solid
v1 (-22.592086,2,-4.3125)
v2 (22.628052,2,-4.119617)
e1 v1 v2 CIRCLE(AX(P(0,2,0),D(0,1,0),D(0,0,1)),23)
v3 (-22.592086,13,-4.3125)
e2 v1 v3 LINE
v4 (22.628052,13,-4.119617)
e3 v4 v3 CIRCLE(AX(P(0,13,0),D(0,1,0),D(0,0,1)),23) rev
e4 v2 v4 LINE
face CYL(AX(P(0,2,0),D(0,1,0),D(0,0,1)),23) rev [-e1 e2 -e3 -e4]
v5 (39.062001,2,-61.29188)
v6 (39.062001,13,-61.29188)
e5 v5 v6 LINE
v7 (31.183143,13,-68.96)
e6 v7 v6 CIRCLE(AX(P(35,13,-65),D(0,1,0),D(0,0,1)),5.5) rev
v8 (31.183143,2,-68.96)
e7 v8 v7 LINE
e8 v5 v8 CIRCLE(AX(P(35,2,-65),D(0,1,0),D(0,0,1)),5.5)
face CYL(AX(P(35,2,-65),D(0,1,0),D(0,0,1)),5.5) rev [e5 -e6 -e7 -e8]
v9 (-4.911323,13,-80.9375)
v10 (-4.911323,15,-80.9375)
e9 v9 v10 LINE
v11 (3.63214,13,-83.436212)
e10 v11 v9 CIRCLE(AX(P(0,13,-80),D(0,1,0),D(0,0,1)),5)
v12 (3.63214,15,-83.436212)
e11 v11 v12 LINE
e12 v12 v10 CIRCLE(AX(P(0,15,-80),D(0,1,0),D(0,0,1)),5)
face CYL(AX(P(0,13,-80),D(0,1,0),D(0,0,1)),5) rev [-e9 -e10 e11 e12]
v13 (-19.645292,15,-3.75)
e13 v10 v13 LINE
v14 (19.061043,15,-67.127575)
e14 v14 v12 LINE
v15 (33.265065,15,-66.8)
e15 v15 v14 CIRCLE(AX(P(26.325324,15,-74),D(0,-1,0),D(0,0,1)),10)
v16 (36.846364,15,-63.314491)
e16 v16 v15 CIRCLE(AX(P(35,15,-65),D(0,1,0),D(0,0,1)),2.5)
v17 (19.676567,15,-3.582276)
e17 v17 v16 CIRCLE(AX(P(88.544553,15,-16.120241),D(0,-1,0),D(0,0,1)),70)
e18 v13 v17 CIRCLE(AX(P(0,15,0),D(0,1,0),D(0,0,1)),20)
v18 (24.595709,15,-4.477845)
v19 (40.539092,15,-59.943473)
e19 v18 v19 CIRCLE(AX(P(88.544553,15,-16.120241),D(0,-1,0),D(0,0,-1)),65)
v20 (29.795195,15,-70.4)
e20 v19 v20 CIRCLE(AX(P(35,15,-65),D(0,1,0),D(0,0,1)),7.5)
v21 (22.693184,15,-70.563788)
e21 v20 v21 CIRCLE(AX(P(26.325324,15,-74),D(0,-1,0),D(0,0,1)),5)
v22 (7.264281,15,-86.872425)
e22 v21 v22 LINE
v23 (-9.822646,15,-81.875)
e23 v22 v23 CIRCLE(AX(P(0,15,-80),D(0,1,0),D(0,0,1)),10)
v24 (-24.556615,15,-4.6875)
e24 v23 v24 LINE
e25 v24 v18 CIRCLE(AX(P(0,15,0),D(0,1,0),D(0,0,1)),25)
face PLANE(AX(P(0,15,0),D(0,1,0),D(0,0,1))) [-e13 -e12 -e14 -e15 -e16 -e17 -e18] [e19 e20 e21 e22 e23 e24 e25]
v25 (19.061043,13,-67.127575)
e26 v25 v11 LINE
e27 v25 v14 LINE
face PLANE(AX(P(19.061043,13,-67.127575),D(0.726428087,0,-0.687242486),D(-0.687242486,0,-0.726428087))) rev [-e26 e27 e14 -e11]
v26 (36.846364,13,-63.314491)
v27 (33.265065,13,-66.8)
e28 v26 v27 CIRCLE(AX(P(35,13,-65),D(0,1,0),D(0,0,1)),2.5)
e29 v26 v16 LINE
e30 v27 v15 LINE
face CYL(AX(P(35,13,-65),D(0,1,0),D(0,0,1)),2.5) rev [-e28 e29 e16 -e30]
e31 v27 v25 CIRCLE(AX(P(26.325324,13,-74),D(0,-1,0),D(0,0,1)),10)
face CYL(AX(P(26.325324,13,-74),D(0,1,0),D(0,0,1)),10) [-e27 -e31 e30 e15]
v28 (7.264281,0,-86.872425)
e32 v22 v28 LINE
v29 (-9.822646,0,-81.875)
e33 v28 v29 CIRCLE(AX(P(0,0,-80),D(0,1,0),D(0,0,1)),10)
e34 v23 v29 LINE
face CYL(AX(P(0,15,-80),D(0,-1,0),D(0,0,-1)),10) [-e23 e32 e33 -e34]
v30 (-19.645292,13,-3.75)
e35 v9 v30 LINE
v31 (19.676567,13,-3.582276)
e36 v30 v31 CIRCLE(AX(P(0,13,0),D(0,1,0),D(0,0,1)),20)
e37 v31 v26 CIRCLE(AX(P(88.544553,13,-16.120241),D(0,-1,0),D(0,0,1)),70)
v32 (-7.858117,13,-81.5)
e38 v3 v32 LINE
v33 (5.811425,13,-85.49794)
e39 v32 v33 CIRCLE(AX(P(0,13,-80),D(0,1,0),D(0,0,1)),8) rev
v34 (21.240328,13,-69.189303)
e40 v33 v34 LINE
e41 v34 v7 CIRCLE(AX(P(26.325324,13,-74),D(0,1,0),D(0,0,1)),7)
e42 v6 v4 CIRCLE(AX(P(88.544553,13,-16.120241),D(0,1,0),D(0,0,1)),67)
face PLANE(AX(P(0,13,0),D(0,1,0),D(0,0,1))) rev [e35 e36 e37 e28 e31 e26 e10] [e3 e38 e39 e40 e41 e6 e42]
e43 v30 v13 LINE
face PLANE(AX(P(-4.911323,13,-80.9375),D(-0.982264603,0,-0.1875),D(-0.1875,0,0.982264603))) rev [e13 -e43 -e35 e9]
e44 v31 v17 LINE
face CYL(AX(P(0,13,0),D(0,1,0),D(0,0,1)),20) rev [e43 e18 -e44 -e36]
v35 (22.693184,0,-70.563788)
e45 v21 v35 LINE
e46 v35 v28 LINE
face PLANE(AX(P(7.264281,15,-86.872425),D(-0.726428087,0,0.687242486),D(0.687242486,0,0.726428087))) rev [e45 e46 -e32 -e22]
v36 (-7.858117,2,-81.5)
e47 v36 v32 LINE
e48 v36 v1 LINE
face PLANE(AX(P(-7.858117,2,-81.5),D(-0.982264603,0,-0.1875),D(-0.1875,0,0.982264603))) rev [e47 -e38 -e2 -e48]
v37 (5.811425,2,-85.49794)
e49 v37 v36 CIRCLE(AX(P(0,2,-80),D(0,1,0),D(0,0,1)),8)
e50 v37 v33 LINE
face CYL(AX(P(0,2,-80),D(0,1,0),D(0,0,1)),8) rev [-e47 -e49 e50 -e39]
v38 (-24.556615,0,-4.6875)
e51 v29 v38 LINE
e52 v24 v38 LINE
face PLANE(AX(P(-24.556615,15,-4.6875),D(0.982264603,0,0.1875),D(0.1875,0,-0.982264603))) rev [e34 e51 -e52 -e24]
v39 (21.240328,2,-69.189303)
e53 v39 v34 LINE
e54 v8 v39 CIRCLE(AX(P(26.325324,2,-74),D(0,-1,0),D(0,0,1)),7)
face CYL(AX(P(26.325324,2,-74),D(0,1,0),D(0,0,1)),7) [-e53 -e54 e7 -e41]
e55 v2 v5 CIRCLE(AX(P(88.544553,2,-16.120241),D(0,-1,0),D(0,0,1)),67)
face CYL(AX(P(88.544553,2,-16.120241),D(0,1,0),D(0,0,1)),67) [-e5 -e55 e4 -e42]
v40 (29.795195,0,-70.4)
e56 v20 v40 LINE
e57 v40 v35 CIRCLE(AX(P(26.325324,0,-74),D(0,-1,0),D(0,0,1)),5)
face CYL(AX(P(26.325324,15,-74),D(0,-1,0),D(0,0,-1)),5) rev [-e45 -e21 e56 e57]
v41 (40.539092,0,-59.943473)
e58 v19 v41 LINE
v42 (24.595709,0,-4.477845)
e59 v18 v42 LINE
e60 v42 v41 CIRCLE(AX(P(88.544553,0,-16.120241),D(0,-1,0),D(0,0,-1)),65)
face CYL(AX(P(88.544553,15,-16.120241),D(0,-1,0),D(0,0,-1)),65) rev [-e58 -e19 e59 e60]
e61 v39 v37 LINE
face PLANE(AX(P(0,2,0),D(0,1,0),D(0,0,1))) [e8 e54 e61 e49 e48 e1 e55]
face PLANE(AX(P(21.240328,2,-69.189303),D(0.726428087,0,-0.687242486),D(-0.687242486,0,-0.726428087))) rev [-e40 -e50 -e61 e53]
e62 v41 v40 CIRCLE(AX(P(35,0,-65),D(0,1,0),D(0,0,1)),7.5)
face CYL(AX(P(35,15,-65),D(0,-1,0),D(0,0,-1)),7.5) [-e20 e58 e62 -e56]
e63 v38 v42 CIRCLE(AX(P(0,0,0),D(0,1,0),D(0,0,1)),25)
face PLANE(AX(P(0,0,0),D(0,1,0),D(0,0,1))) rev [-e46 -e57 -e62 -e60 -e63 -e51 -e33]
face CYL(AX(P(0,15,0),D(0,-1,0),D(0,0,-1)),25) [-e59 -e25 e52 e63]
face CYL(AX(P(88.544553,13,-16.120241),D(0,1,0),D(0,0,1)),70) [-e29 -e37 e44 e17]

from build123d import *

# Parameters (mm, degrees)
BOSS_EXTRUDE2_DEPTH = 15
CUT_EXTRUDE1_DEPTH  = 13
BOSS_EXTRUDE3_DEPTH = 2


with BuildPart() as part:
    # Sketch1 → Boss-Extrude2 (new body)
    with BuildSketch(Plane(origin=(0, 0, 0), x_dir=(1, 0, 0), z_dir=(0, 1, 0))):
        with BuildLine():
            Line((-24.556615071, 4.6875), (-9.822646028, 81.875))
            ThreePointArc((-9.822646028, 81.875), (-2.807110947, 89.597923116), (7.264280872, 86.872424857))
            Line((7.264280872, 86.872424857), (22.693183777, 70.563787572))
            ThreePointArc((22.693183777, 70.563787572), (26.210044162, 69.001329126), (29.795194528, 70.4))
            ThreePointArc((29.795194528, 70.4), (40.230934436, 70.374693007), (40.539091673, 59.943473184))
            ThreePointArc((40.539091673, 59.943473184), (26.07415519, 34.077117396), (24.595709122, 4.477844661))
            ThreePointArc((24.595709122, 4.477844661), (-0.106634546, -24.99977258), (-24.556615071, 4.6875))
        make_face()
    extrude(amount=BOSS_EXTRUDE2_DEPTH)

    # Sketch2 → Cut-Extrude1 (cut)
    with BuildSketch(Plane(origin=(0, 15, 0), x_dir=(1, 0, 0), z_dir=(0, 1, 0))):
        with BuildLine():
            Line((21.240327603, 69.1893026), (5.811424698, 85.497939885))
            ThreePointArc((5.811424698, 85.497939885), (-2.245688757, 87.678338492), (-7.858116823, 81.5))
            Line((-7.858116823, 81.5), (-22.592085865, 4.3125))
            ThreePointArc((-22.592085865, 4.3125), (-0.098103783, -22.999790774), (22.628052392, 4.119617088))
            ThreePointArc((22.628052392, 4.119617088), (24.151989109, 34.629636676), (39.06200056, 61.291880335))
            ThreePointArc((39.06200056, 61.291880335), (38.836018587, 68.941441539), (31.183142654, 68.96))
            ThreePointArc((31.183142654, 68.96), (26.163932142, 67.001860776), (21.240327603, 69.1893026))
        make_face()
    extrude(amount=-CUT_EXTRUDE1_DEPTH, mode=Mode.SUBTRACT)

    # Sketch3 → Boss-Extrude3 (add)
    with BuildSketch(Plane(origin=(0, 15, 0), x_dir=(1, 0, 0), z_dir=(0, 1, 0))):
        with BuildLine():
            Line((22.693183777, 70.563787572), (7.264280872, 86.872424857))
            ThreePointArc((7.264280872, 86.872424857), (-2.807110947, 89.597923116), (-9.822646028, 81.875))
            Line((-9.822646028, 81.875), (-24.556615071, 4.6875))
            ThreePointArc((-24.556615071, 4.6875), (-0.106634546, -24.99977258), (24.595709122, 4.477844661))
            ThreePointArc((24.595709122, 4.477844661), (26.07415519, 34.077117396), (40.539091673, 59.943473184))
            ThreePointArc((40.539091673, 59.943473184), (40.230934436, 70.374693007), (29.795194528, 70.4))
            ThreePointArc((29.795194528, 70.4), (26.210044162, 69.001329126), (22.693183777, 70.563787572))
        make_face()
        with BuildLine():
            Line((19.061043341, 67.127575143), (3.632140436, 83.436212428))
            ThreePointArc((3.632140436, 83.436212428), (-1.403555473, 84.798961558), (-4.911323014, 80.9375))
            Line((-4.911323014, 80.9375), (-19.645292057, 3.75))
            ThreePointArc((-19.645292057, 3.75), (-0.085307637, -19.999818064), (19.676567297, 3.582275729))
            ThreePointArc((19.676567297, 3.582275729), (21.268739987, 35.458415597), (36.846363891, 63.314491061))
            ThreePointArc((36.846363891, 63.314491061), (36.743644812, 66.791564336), (33.265064843, 66.8))
            ThreePointArc((33.265064843, 66.8), (26.094764111, 64.002658251), (19.061043341, 67.127575143))
        make_face(mode=Mode.SUBTRACT)
    extrude(amount=-BOSS_EXTRUDE3_DEPTH)


solid = part.part
